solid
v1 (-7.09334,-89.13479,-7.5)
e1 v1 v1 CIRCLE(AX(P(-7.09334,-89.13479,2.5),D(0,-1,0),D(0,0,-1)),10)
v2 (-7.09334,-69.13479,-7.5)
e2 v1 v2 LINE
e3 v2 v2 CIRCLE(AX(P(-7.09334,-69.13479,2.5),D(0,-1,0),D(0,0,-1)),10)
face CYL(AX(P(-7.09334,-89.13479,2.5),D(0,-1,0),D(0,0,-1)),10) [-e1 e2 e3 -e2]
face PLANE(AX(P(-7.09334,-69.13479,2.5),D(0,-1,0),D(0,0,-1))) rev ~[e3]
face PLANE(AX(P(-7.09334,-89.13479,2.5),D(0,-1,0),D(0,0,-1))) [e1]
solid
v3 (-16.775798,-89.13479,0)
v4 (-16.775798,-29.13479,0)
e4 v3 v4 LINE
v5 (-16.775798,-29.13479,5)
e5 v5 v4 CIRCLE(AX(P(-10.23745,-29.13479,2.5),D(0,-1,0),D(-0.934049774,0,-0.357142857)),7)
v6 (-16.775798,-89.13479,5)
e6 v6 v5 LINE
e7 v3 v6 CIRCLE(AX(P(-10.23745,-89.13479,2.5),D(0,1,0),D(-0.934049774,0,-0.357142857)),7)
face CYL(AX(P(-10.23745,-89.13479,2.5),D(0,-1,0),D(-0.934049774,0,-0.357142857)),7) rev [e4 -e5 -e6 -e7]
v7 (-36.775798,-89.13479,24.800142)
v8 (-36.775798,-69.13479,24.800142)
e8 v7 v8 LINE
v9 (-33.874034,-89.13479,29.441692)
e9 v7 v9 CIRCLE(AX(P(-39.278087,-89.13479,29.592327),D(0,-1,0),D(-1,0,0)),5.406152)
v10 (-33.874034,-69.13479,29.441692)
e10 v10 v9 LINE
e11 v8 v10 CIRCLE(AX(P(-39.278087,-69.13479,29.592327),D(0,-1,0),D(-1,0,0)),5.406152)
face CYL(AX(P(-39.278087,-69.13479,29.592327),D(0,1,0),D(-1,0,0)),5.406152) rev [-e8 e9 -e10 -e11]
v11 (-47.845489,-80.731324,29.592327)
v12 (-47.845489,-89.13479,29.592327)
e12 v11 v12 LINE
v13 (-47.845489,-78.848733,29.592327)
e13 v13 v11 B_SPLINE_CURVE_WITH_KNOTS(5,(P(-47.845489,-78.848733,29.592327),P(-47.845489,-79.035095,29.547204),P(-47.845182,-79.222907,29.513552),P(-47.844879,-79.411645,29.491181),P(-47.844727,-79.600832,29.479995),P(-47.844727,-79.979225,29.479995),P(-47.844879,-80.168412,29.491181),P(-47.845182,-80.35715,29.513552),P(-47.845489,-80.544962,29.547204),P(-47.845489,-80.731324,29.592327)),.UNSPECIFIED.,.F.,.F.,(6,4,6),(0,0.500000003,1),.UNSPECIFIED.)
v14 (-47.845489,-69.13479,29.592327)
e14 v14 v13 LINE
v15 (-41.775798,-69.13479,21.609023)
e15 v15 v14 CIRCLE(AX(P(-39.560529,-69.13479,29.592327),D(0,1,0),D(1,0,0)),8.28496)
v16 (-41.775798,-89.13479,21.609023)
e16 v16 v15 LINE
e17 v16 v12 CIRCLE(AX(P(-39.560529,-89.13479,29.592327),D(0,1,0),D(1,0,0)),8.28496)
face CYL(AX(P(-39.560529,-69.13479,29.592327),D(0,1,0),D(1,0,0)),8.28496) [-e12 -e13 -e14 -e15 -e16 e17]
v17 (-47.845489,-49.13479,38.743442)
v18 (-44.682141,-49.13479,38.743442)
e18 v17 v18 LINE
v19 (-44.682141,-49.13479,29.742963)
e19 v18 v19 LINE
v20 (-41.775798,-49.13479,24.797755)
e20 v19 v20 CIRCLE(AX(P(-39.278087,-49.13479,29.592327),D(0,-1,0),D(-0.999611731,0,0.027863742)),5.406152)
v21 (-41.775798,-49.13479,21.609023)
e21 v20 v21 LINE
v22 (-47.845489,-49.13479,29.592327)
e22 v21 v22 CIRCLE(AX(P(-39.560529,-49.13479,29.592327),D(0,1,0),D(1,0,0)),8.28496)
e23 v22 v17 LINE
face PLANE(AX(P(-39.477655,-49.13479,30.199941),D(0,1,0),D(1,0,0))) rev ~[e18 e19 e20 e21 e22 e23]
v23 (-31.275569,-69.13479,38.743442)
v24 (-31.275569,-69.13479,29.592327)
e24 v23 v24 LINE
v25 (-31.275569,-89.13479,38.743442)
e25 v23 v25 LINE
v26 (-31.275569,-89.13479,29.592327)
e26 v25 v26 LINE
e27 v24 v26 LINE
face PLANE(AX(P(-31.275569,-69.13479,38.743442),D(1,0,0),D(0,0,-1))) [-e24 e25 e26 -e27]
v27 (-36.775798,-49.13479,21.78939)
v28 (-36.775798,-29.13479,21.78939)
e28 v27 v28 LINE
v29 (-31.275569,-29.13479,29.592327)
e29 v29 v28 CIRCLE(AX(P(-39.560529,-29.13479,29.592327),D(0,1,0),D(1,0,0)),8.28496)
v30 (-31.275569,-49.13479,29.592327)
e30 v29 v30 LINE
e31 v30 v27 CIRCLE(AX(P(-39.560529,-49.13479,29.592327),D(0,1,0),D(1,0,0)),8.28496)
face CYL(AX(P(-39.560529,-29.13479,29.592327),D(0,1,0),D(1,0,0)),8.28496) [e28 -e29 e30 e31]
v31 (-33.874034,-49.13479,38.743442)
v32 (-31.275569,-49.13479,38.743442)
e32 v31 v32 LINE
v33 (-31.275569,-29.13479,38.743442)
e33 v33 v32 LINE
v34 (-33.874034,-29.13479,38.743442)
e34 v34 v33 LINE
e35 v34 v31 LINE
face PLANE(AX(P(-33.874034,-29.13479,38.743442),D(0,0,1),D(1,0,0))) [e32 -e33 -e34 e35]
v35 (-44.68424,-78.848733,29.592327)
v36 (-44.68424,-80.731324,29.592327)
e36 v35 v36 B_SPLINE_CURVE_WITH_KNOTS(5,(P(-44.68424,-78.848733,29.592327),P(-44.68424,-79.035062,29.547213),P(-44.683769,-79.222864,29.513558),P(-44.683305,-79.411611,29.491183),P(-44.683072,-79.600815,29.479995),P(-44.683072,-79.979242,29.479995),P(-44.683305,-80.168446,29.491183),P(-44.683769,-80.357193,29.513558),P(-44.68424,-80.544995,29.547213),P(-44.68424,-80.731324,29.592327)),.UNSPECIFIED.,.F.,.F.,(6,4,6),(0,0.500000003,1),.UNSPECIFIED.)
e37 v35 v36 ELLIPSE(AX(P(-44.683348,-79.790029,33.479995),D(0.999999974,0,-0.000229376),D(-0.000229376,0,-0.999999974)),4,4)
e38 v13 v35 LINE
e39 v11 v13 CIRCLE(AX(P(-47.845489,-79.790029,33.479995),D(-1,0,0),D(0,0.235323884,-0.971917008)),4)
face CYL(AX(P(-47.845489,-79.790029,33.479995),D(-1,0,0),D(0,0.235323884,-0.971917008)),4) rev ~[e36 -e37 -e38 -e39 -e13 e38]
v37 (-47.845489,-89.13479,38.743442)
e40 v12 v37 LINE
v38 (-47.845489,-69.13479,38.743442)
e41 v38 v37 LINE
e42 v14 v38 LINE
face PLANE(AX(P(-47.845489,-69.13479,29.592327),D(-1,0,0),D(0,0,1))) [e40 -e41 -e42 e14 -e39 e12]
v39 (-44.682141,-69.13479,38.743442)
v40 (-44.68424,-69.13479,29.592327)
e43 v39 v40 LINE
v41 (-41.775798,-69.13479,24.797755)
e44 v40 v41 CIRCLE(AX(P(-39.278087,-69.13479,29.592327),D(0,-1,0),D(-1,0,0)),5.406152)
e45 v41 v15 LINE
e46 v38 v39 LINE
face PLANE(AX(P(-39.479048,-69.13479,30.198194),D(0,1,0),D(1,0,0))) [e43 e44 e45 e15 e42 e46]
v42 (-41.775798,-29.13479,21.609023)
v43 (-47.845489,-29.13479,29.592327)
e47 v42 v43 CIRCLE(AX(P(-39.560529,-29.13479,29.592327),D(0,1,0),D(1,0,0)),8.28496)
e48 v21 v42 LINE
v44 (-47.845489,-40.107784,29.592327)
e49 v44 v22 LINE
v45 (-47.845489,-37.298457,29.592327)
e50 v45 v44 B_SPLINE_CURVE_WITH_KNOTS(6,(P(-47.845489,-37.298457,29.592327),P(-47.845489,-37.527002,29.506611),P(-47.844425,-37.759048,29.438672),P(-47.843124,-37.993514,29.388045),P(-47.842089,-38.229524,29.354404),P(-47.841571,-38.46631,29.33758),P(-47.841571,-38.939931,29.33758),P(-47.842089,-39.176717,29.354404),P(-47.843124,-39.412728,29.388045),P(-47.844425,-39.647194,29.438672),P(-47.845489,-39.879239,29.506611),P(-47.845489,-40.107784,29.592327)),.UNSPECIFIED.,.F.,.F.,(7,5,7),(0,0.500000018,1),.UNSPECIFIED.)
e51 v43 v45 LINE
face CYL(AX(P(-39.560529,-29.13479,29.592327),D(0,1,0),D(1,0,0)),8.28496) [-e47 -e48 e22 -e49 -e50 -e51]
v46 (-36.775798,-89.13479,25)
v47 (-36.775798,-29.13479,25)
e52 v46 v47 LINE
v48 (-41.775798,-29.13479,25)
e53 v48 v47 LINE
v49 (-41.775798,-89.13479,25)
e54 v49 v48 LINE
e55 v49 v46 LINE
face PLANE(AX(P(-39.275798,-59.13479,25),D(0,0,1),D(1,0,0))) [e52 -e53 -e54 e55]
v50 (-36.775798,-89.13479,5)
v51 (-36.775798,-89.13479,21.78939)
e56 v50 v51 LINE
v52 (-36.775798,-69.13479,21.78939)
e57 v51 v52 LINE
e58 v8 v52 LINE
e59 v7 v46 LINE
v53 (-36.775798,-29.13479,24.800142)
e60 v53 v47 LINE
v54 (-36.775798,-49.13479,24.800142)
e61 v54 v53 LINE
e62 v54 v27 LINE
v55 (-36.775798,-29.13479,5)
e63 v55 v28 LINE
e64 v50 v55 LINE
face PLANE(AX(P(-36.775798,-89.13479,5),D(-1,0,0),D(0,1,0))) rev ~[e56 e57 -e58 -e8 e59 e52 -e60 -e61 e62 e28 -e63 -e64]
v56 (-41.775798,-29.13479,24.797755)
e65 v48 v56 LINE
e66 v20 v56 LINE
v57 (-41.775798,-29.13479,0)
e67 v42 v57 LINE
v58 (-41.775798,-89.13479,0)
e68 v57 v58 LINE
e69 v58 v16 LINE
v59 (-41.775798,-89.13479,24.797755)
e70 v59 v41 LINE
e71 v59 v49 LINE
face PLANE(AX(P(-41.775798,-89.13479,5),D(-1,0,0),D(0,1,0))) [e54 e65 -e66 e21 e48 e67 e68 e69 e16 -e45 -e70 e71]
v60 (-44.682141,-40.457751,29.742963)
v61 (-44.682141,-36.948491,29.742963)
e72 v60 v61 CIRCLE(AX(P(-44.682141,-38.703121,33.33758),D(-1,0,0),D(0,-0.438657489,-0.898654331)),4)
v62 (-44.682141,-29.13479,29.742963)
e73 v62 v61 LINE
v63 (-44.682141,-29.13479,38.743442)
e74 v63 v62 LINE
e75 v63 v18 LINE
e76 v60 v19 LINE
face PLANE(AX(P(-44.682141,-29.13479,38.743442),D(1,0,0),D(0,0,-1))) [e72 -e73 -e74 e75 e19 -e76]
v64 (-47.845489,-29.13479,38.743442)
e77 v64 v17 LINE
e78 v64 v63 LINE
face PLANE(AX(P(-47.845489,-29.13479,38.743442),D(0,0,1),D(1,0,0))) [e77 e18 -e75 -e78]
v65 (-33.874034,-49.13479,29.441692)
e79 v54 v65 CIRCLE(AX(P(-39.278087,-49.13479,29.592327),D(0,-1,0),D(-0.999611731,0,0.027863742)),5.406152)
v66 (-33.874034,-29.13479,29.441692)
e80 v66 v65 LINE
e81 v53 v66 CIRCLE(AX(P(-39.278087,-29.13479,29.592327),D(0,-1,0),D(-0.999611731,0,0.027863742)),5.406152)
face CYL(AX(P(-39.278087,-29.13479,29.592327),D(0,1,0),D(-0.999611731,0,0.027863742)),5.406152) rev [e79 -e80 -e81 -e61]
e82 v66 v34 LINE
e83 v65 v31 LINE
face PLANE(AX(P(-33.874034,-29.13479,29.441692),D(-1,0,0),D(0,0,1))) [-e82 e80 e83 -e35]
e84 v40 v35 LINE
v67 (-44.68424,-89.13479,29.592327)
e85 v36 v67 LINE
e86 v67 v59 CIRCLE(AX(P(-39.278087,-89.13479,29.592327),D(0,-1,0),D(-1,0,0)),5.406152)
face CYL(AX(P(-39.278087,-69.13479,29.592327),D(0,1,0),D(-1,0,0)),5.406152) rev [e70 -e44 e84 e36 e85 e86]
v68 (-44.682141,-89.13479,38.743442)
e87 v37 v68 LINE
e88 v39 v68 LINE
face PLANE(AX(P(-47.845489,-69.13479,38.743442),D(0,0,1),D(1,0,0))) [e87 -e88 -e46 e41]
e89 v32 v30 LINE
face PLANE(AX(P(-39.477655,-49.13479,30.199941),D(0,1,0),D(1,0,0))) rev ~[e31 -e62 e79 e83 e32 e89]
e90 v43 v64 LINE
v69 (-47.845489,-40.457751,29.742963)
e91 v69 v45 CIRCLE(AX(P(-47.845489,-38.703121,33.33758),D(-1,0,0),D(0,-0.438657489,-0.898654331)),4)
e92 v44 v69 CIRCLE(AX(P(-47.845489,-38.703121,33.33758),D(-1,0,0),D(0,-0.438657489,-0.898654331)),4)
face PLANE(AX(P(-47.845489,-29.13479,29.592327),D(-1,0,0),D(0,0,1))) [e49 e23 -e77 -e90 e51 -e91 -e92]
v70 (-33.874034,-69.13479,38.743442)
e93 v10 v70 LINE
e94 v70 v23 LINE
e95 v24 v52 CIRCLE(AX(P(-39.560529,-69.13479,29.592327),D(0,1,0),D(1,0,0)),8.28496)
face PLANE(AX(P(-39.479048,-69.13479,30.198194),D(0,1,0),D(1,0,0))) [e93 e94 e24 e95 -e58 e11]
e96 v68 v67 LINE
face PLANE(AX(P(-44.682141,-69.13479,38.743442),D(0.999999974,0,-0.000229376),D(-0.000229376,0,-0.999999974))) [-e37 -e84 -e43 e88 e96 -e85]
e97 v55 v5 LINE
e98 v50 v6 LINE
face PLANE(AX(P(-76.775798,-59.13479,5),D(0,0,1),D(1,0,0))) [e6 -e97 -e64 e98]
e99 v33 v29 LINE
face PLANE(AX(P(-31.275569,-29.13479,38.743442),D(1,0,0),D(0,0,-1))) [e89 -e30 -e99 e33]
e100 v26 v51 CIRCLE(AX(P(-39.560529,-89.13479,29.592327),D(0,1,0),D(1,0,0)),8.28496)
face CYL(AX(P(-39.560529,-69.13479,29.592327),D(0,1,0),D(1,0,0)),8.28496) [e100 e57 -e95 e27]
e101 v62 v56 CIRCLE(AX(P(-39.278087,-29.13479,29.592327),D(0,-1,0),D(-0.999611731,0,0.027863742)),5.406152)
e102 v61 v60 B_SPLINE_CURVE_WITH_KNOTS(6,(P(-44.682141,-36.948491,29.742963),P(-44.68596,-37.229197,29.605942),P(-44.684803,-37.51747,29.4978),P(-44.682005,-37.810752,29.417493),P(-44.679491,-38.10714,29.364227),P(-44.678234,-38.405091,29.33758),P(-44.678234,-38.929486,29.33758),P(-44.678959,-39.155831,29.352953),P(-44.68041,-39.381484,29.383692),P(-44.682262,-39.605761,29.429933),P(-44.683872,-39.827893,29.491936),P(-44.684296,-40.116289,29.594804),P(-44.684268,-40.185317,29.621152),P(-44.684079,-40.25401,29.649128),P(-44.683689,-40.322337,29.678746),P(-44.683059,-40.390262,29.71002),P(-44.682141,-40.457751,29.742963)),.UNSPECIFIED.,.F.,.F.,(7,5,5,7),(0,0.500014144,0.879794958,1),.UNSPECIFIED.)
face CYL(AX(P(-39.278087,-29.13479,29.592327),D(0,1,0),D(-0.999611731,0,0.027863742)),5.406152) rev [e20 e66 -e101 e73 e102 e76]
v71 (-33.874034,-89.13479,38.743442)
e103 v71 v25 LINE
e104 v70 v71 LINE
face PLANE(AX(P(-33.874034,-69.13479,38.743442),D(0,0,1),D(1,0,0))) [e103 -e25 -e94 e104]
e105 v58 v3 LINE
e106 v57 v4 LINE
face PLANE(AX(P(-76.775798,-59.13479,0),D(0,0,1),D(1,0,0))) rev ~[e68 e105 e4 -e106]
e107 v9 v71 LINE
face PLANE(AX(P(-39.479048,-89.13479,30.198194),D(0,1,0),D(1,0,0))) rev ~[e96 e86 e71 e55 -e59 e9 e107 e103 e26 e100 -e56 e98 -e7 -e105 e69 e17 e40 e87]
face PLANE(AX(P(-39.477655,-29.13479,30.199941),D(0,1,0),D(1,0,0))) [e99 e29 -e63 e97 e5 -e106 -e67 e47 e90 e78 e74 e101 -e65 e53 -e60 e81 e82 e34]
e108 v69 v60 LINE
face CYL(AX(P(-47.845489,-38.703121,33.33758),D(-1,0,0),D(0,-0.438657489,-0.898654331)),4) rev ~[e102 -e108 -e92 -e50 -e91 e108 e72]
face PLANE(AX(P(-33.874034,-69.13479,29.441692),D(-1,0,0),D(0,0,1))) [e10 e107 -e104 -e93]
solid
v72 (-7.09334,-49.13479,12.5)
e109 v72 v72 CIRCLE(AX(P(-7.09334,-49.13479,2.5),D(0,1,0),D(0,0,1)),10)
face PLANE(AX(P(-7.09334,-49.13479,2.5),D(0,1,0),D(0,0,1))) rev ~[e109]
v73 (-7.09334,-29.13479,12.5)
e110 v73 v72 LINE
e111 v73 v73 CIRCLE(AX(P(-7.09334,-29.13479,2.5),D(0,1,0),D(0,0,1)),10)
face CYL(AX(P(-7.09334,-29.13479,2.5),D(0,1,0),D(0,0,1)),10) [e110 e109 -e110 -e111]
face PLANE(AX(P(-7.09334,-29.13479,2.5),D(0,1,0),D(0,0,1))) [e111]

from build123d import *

# Parameters (mm, degrees)
SKETCH1_W               = 120
SKETCH1_H               = 60
BOSS_EXTRUDE4_DEPTH     = 5
CUT_EXTRUDE3_DEPTH      = 150.441021831
CUT_EXTRUDE3_DEPTH_BACK = 60
SKETCH18_R              = 10
BOSS_EXTRUDE9_DEPTH     = 20
SKETCH19_R              = 10
BOSS_EXTRUDE10_DEPTH    = 20
SKETCH20_W              = 95
SKETCH20_H              = 5
CUT_EXTRUDE4_DEPTH      = 100
SKETCH21_W              = 5
SKETCH21_H              = 60
BOSS_EXTRUDE11_DEPTH    = 20
BOSS_EXTRUDE12_DEPTH    = 20
BOSS_EXTRUDE13_START    = -20
BOSS_EXTRUDE13_DEPTH    = 20
SKETCH25_R              = 4
CUT_EXTRUDE5_DEPTH      = 5
SKETCH26_R              = 4
CUT_EXTRUDE6_DEPTH      = 5


with BuildPart() as part:
    # Sketch1 → Boss-Extrude4 (new body)
    with BuildSketch(Plane.XY):
        with Locations((-76.775798319, -59.134789916)):
            Rectangle(SKETCH1_W, SKETCH1_H)
    extrude(amount=BOSS_EXTRUDE4_DEPTH)

    # Sketch6 → Cut-Extrude3 (cut, two sides: drawn at the far end of the back side and taken through both)
    with BuildSketch(Plane(origin=(0, -29.134789916, 0), x_dir=(1, 0, 0), z_dir=(0, 1, 0)).offset(-CUT_EXTRUDE3_DEPTH_BACK)):
        with BuildLine():
            Line((72.584288463, 233.706952721), (-16.775798319, 0))
            ThreePointArc((-16.775798319, 0), (-17.237449904, -2.5), (-16.775798319, -5))
            Line((-16.775798319, -5), (72.584288463, -238.706952721))
            Line((72.584288463, -238.706952721), (573.000774441, -238.706952721))
            Line((573.000774441, -238.706952721), (573.000774441, 233.706952721))
            Line((573.000774441, 233.706952721), (72.584288463, 233.706952721))
        make_face()
    extrude(amount=CUT_EXTRUDE3_DEPTH + CUT_EXTRUDE3_DEPTH_BACK, mode=Mode.SUBTRACT)

    # Sketch20 → Cut-Extrude4 (cut)
    with BuildSketch(Plane(origin=(0, -29.134789916, 0), x_dir=(1, 0, 0), z_dir=(0, 1, 0))):
        with Locations((-89.275798319, -2.5)):
            Rectangle(SKETCH20_W, SKETCH20_H)
    extrude(amount=-CUT_EXTRUDE4_DEPTH, mode=Mode.SUBTRACT)

    # Sketch21 → Boss-Extrude11 (add)
    with BuildSketch(Plane.XY.offset(5)):
        with Locations((-39.275798319, -59.134789916)):
            Rectangle(SKETCH21_W, SKETCH21_H)
    extrude(amount=BOSS_EXTRUDE11_DEPTH)

    # Sketch22 → Boss-Extrude12 (add)
    with BuildSketch(Plane(origin=(0, -29.134789916, 0), x_dir=(1, 0, 0), z_dir=(0, 1, 0))):
        with BuildLine():
            Line((-47.845488891, -29.592327144), (-47.845488891, -38.743441952))
            Line((-47.845488891, -38.743441952), (-44.682140563, -38.743441952))
            Line((-44.682140563, -38.743441952), (-44.682140563, -29.742962779))
            ThreePointArc((-44.682140563, -29.742962779), (-39.428722802, -24.188273749), (-33.874033773, -29.44169151))
            Line((-33.874033773, -29.44169151), (-33.874033773, -38.743441952))
            Line((-33.874033773, -38.743441952), (-31.275569074, -38.743441952))
            Line((-31.275569074, -38.743441952), (-31.275569074, -29.592327144))
            ThreePointArc((-31.275569074, -29.592327144), (-39.560528983, -21.307367236), (-47.845488891, -29.592327144))
        make_face()
    extrude(amount=-BOSS_EXTRUDE12_DEPTH)

    # Sketch24 → Boss-Extrude13 (add)
    with BuildSketch(Plane(origin=(0, -89.134789916, 0), x_dir=(-1, 0, 0), z_dir=(0, -1, 0)).offset(BOSS_EXTRUDE13_START)):
        with BuildLine():
            Line((47.845488891, -29.592327144), (47.845488891, -38.743441952))
            Line((47.845488891, -38.743441952), (44.682140563, -38.743441952))
            Line((44.682140563, -38.743441952), (44.684239606, -29.592327144))
            ThreePointArc((44.684239606, -29.592327144), (39.353412297, -24.186699492), (33.874033773, -29.44169151))
            Line((33.874033773, -29.44169151), (33.874033773, -38.743441952))
            Line((33.874033773, -38.743441952), (31.275569074, -38.743441952))
            Line((31.275569074, -38.743441952), (31.275569074, -29.592327144))
            ThreePointArc((31.275569074, -29.592327144), (39.560528983, -21.307367236), (47.845488891, -29.592327144))
        make_face()
    extrude(amount=BOSS_EXTRUDE13_DEPTH)

    # Sketch25 → Cut-Extrude5 (cut)
    with BuildSketch(Plane.ZY.offset(47.845488891)):
        with Locations(Location((33.337580104, -38.703120712, 0), (0, 0, 206.018255013))):
            Circle(SKETCH25_R)
    extrude(amount=-CUT_EXTRUDE5_DEPTH, mode=Mode.SUBTRACT)

    # Sketch26 → Cut-Extrude6 (cut)
    with BuildSketch(Plane.ZY.offset(47.845488891)):
        with Locations(Location((33.479995175, -79.79002853, 0), (0, 0, 166.389284615))):
            Circle(SKETCH26_R)
    extrude(amount=-CUT_EXTRUDE6_DEPTH, mode=Mode.SUBTRACT)


with BuildPart() as body_2:
    # Sketch18 → Boss-Extrude9 (new body)
    with BuildSketch(Plane(origin=(0, -29.134789916, 0), x_dir=(1, 0, 0), z_dir=(0, 1, 0))):
        with Locations(Location((-7.093339954, -2.5, 0), (0, 0, 270))):
            Circle(SKETCH18_R)
    extrude(amount=-BOSS_EXTRUDE9_DEPTH)


with BuildPart() as body_3:
    # Sketch19 → Boss-Extrude10 (new body)
    with BuildSketch(Plane.XZ.offset(89.134789916)):
        with Locations(Location((-7.093339954, 2.5, 0), (0, 0, 270))):
            Circle(SKETCH19_R)
    extrude(amount=-BOSS_EXTRUDE10_DEPTH)


solid = Compound([part.part, body_2.part, body_3.part])
